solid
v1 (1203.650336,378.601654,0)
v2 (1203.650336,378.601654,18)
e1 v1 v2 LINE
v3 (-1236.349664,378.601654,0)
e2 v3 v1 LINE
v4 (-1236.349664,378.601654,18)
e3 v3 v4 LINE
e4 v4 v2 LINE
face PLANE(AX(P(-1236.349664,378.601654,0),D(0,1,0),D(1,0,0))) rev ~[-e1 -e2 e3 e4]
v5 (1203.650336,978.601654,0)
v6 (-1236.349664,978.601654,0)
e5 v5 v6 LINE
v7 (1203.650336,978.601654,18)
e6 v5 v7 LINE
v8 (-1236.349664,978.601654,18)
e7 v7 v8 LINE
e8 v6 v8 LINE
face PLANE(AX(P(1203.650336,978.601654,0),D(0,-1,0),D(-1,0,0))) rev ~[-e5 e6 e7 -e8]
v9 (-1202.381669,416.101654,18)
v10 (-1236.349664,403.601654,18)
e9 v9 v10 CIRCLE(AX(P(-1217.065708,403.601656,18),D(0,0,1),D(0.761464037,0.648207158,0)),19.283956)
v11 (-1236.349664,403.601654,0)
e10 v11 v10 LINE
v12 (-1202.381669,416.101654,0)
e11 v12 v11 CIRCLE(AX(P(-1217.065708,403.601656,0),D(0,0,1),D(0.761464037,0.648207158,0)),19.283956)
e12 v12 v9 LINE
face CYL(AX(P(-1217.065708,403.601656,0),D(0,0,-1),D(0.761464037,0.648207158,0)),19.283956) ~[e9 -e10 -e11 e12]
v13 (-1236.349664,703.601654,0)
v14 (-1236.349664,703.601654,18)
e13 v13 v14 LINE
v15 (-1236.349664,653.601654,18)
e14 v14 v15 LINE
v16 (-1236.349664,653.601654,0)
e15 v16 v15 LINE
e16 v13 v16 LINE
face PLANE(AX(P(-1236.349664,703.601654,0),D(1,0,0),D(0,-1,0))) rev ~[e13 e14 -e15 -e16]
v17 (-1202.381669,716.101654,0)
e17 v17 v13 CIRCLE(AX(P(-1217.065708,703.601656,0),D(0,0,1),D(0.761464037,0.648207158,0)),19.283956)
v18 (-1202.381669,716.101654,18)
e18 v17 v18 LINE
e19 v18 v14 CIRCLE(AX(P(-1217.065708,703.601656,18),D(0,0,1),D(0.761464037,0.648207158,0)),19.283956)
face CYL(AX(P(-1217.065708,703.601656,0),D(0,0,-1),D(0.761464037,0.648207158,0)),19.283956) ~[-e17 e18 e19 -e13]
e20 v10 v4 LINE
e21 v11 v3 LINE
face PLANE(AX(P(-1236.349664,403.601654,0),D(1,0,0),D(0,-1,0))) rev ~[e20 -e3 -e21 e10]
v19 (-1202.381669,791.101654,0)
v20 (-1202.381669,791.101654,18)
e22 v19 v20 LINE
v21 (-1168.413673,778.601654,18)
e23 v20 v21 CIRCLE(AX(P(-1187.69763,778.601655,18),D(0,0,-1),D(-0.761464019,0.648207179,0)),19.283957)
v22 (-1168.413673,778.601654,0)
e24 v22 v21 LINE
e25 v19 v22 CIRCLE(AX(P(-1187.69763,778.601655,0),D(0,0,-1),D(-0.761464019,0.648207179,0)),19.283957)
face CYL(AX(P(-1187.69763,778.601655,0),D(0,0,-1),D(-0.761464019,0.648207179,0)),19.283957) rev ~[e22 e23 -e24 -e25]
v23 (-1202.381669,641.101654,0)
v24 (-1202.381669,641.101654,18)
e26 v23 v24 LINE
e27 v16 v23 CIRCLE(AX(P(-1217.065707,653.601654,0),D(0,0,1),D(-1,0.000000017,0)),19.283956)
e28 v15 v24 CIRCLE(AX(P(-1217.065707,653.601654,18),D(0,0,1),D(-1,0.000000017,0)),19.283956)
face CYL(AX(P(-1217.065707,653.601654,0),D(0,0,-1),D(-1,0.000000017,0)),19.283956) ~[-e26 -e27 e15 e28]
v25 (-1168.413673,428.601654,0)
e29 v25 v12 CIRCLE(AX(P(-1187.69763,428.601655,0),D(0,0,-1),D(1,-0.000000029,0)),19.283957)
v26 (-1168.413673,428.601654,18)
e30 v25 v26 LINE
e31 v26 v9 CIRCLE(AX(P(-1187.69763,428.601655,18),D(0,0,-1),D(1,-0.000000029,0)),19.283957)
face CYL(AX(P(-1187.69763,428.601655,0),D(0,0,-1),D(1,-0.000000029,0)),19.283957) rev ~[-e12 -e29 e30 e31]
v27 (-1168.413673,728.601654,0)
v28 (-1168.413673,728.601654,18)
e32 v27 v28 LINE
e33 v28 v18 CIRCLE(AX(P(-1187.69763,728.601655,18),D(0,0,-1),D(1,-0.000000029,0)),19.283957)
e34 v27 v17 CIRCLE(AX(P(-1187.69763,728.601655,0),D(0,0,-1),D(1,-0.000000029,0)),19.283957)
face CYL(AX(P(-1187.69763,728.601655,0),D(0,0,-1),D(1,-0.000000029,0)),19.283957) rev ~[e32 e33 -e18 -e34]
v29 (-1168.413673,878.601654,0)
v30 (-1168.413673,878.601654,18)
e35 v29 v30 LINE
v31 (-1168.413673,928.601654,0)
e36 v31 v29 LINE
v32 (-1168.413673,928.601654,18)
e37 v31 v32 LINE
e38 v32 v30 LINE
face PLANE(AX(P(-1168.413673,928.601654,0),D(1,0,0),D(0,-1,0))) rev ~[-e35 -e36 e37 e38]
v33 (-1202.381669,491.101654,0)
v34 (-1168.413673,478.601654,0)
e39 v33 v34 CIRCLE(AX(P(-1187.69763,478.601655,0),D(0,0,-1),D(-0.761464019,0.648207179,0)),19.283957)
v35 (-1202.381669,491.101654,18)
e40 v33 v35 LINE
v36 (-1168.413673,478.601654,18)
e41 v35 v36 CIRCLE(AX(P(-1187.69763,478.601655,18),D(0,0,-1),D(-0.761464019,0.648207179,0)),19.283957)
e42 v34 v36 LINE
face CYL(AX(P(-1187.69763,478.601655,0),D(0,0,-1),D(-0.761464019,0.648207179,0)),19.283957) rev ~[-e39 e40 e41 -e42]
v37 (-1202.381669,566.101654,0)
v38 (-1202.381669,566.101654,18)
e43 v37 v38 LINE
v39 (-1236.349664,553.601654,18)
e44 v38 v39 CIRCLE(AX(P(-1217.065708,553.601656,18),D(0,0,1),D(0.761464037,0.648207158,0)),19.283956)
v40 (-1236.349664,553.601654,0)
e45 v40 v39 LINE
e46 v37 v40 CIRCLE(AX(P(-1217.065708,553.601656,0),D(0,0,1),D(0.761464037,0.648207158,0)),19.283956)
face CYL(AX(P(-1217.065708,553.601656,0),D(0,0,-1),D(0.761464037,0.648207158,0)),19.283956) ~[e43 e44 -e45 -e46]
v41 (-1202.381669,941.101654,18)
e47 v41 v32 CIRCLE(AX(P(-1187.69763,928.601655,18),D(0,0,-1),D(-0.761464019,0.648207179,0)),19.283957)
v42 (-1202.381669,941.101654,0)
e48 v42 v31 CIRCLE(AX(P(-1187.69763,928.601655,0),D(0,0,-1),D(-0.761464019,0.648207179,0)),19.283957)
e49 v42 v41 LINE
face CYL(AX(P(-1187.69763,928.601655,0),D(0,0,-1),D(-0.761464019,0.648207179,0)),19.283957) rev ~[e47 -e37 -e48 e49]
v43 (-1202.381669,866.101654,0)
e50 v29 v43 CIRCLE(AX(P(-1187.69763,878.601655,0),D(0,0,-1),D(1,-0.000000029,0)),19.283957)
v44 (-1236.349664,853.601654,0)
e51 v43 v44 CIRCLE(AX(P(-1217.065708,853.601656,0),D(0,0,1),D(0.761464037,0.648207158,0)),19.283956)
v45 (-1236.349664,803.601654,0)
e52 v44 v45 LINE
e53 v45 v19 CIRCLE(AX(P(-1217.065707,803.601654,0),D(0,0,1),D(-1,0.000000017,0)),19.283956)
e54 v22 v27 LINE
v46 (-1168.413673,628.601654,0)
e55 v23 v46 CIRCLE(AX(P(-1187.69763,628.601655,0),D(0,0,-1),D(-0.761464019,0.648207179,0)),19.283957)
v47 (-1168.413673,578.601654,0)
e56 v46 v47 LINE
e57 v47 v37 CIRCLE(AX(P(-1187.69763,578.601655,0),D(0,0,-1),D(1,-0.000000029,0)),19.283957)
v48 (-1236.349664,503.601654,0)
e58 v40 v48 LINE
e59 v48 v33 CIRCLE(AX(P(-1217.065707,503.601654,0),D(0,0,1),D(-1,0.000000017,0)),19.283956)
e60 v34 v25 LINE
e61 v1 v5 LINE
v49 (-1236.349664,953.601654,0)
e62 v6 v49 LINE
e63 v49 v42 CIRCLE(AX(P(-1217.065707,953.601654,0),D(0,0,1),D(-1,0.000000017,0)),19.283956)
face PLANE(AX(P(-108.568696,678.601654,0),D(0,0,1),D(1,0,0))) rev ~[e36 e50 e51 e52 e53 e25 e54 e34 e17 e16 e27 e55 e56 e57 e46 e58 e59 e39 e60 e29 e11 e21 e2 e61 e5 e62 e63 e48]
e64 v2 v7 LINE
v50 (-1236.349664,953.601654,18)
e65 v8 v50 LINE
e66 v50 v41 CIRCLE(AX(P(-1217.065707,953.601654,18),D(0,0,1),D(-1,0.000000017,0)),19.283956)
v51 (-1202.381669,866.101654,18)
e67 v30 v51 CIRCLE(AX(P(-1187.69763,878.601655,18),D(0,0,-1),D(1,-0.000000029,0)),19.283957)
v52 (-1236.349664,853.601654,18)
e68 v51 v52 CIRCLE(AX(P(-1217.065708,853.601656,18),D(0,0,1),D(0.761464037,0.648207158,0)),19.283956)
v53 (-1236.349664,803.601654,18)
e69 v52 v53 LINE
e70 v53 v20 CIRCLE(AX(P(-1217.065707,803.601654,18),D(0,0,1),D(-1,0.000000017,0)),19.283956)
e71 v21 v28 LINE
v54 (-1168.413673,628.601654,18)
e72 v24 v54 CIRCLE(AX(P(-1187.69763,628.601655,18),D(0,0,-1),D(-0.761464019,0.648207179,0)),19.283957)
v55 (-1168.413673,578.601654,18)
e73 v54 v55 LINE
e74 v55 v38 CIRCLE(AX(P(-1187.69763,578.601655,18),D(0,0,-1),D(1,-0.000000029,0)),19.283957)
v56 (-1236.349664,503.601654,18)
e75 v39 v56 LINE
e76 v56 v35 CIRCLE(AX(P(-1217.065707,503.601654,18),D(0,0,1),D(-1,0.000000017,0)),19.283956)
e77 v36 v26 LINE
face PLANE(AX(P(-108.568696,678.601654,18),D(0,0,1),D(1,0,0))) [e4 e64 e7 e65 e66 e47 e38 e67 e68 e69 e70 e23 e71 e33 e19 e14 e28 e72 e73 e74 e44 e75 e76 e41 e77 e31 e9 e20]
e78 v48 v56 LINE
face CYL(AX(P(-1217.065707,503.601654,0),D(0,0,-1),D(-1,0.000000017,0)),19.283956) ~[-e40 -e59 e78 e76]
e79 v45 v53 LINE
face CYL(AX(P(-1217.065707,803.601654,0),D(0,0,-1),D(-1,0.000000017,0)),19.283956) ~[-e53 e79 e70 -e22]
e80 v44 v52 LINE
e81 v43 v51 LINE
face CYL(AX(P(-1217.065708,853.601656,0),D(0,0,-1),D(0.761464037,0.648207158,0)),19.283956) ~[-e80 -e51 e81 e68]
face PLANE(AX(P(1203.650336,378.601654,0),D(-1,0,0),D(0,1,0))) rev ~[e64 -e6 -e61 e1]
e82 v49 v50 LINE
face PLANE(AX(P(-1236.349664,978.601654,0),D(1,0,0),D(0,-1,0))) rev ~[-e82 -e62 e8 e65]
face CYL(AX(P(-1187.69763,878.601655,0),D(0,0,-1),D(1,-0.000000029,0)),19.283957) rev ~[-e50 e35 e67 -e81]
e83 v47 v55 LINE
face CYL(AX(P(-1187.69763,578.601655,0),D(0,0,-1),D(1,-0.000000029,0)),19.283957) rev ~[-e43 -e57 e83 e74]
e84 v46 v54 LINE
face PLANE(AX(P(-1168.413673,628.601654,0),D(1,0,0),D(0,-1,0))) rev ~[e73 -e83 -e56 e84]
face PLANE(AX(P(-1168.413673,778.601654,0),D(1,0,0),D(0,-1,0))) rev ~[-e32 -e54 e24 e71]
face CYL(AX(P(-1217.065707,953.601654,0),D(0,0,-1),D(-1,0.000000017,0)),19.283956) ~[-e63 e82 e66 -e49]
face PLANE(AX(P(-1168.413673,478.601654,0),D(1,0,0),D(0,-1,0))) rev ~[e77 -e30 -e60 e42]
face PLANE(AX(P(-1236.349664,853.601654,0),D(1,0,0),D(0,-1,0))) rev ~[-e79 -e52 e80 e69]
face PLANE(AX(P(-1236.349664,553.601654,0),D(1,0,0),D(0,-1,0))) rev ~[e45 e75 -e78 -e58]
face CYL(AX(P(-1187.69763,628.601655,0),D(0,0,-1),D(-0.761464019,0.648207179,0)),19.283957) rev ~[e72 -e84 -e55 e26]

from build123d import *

# Parameters (mm, degrees)
F1_DEPTH = 18


with BuildPart() as f1:
    # F0 (on Top) → F1 (new body)
    with BuildSketch(Plane.XY):
        with BuildLine():
            Line((1203.650336, 978.601654), (-1236.349664, 978.601654))
            Line((-1236.349664, 978.601654), (-1236.349664, 953.601654))
            ThreePointArc((-1236.349664, 953.601654), (-1223.725461, 935.504177), (-1202.381669, 941.101654))
            ThreePointArc((-1202.381669, 941.101654), (-1181.037877, 946.699132), (-1168.413673, 928.601654))
            Line((-1168.413673, 928.601654), (-1168.413673, 903.601654))
            Line((-1168.413673, 903.601654), (-1168.413673, 878.601654))
            ThreePointArc((-1168.413673, 878.601654), (-1181.037877, 860.504177), (-1202.381669, 866.101654))
            ThreePointArc((-1202.381669, 866.101654), (-1223.725461, 871.699132), (-1236.349664, 853.601654))
            Line((-1236.349664, 853.601654), (-1236.349664, 803.601654))
            ThreePointArc((-1236.349664, 803.601654), (-1223.725461, 785.504177), (-1202.381669, 791.101654))
            ThreePointArc((-1202.381669, 791.101654), (-1181.037877, 796.699132), (-1168.413673, 778.601654))
            Line((-1168.413673, 778.601654), (-1168.413673, 753.601654))
            Line((-1168.413673, 753.601654), (-1168.413673, 728.601654))
            ThreePointArc((-1168.413673, 728.601654), (-1181.037877, 710.504177), (-1202.381669, 716.101654))
            ThreePointArc((-1202.381669, 716.101654), (-1223.725461, 721.699132), (-1236.349664, 703.601654))
            Line((-1236.349664, 703.601654), (-1236.349664, 653.601654))
            ThreePointArc((-1236.349664, 653.601654), (-1223.725461, 635.504177), (-1202.381669, 641.101654))
            ThreePointArc((-1202.381669, 641.101654), (-1181.037877, 646.699132), (-1168.413673, 628.601654))
            Line((-1168.413673, 628.601654), (-1168.413673, 603.601654))
            Line((-1168.413673, 603.601654), (-1168.413673, 578.601654))
            ThreePointArc((-1168.413673, 578.601654), (-1181.037877, 560.504177), (-1202.381669, 566.101654))
            ThreePointArc((-1202.381669, 566.101654), (-1223.725461, 571.699132), (-1236.349664, 553.601654))
            Line((-1236.349664, 553.601654), (-1236.349664, 503.601654))
            ThreePointArc((-1236.349664, 503.601654), (-1223.725461, 485.504177), (-1202.381669, 491.101654))
            ThreePointArc((-1202.381669, 491.101654), (-1181.037877, 496.699132), (-1168.413673, 478.601654))
            Line((-1168.413673, 478.601654), (-1168.413673, 453.601654))
            Line((-1168.413673, 453.601654), (-1168.413673, 428.601654))
            ThreePointArc((-1168.413673, 428.601654), (-1181.037877, 410.504177), (-1202.381669, 416.101654))
            ThreePointArc((-1202.381669, 416.101654), (-1223.725461, 421.699132), (-1236.349664, 403.601654))
            Line((-1236.349664, 403.601654), (-1236.349664, 378.601654))
            Line((-1236.349664, 378.601654), (1203.650336, 378.601654))
            Line((1203.650336, 378.601654), (1203.650336, 978.601654))
        make_face()
    extrude(amount=F1_DEPTH)


solid = f1.part
